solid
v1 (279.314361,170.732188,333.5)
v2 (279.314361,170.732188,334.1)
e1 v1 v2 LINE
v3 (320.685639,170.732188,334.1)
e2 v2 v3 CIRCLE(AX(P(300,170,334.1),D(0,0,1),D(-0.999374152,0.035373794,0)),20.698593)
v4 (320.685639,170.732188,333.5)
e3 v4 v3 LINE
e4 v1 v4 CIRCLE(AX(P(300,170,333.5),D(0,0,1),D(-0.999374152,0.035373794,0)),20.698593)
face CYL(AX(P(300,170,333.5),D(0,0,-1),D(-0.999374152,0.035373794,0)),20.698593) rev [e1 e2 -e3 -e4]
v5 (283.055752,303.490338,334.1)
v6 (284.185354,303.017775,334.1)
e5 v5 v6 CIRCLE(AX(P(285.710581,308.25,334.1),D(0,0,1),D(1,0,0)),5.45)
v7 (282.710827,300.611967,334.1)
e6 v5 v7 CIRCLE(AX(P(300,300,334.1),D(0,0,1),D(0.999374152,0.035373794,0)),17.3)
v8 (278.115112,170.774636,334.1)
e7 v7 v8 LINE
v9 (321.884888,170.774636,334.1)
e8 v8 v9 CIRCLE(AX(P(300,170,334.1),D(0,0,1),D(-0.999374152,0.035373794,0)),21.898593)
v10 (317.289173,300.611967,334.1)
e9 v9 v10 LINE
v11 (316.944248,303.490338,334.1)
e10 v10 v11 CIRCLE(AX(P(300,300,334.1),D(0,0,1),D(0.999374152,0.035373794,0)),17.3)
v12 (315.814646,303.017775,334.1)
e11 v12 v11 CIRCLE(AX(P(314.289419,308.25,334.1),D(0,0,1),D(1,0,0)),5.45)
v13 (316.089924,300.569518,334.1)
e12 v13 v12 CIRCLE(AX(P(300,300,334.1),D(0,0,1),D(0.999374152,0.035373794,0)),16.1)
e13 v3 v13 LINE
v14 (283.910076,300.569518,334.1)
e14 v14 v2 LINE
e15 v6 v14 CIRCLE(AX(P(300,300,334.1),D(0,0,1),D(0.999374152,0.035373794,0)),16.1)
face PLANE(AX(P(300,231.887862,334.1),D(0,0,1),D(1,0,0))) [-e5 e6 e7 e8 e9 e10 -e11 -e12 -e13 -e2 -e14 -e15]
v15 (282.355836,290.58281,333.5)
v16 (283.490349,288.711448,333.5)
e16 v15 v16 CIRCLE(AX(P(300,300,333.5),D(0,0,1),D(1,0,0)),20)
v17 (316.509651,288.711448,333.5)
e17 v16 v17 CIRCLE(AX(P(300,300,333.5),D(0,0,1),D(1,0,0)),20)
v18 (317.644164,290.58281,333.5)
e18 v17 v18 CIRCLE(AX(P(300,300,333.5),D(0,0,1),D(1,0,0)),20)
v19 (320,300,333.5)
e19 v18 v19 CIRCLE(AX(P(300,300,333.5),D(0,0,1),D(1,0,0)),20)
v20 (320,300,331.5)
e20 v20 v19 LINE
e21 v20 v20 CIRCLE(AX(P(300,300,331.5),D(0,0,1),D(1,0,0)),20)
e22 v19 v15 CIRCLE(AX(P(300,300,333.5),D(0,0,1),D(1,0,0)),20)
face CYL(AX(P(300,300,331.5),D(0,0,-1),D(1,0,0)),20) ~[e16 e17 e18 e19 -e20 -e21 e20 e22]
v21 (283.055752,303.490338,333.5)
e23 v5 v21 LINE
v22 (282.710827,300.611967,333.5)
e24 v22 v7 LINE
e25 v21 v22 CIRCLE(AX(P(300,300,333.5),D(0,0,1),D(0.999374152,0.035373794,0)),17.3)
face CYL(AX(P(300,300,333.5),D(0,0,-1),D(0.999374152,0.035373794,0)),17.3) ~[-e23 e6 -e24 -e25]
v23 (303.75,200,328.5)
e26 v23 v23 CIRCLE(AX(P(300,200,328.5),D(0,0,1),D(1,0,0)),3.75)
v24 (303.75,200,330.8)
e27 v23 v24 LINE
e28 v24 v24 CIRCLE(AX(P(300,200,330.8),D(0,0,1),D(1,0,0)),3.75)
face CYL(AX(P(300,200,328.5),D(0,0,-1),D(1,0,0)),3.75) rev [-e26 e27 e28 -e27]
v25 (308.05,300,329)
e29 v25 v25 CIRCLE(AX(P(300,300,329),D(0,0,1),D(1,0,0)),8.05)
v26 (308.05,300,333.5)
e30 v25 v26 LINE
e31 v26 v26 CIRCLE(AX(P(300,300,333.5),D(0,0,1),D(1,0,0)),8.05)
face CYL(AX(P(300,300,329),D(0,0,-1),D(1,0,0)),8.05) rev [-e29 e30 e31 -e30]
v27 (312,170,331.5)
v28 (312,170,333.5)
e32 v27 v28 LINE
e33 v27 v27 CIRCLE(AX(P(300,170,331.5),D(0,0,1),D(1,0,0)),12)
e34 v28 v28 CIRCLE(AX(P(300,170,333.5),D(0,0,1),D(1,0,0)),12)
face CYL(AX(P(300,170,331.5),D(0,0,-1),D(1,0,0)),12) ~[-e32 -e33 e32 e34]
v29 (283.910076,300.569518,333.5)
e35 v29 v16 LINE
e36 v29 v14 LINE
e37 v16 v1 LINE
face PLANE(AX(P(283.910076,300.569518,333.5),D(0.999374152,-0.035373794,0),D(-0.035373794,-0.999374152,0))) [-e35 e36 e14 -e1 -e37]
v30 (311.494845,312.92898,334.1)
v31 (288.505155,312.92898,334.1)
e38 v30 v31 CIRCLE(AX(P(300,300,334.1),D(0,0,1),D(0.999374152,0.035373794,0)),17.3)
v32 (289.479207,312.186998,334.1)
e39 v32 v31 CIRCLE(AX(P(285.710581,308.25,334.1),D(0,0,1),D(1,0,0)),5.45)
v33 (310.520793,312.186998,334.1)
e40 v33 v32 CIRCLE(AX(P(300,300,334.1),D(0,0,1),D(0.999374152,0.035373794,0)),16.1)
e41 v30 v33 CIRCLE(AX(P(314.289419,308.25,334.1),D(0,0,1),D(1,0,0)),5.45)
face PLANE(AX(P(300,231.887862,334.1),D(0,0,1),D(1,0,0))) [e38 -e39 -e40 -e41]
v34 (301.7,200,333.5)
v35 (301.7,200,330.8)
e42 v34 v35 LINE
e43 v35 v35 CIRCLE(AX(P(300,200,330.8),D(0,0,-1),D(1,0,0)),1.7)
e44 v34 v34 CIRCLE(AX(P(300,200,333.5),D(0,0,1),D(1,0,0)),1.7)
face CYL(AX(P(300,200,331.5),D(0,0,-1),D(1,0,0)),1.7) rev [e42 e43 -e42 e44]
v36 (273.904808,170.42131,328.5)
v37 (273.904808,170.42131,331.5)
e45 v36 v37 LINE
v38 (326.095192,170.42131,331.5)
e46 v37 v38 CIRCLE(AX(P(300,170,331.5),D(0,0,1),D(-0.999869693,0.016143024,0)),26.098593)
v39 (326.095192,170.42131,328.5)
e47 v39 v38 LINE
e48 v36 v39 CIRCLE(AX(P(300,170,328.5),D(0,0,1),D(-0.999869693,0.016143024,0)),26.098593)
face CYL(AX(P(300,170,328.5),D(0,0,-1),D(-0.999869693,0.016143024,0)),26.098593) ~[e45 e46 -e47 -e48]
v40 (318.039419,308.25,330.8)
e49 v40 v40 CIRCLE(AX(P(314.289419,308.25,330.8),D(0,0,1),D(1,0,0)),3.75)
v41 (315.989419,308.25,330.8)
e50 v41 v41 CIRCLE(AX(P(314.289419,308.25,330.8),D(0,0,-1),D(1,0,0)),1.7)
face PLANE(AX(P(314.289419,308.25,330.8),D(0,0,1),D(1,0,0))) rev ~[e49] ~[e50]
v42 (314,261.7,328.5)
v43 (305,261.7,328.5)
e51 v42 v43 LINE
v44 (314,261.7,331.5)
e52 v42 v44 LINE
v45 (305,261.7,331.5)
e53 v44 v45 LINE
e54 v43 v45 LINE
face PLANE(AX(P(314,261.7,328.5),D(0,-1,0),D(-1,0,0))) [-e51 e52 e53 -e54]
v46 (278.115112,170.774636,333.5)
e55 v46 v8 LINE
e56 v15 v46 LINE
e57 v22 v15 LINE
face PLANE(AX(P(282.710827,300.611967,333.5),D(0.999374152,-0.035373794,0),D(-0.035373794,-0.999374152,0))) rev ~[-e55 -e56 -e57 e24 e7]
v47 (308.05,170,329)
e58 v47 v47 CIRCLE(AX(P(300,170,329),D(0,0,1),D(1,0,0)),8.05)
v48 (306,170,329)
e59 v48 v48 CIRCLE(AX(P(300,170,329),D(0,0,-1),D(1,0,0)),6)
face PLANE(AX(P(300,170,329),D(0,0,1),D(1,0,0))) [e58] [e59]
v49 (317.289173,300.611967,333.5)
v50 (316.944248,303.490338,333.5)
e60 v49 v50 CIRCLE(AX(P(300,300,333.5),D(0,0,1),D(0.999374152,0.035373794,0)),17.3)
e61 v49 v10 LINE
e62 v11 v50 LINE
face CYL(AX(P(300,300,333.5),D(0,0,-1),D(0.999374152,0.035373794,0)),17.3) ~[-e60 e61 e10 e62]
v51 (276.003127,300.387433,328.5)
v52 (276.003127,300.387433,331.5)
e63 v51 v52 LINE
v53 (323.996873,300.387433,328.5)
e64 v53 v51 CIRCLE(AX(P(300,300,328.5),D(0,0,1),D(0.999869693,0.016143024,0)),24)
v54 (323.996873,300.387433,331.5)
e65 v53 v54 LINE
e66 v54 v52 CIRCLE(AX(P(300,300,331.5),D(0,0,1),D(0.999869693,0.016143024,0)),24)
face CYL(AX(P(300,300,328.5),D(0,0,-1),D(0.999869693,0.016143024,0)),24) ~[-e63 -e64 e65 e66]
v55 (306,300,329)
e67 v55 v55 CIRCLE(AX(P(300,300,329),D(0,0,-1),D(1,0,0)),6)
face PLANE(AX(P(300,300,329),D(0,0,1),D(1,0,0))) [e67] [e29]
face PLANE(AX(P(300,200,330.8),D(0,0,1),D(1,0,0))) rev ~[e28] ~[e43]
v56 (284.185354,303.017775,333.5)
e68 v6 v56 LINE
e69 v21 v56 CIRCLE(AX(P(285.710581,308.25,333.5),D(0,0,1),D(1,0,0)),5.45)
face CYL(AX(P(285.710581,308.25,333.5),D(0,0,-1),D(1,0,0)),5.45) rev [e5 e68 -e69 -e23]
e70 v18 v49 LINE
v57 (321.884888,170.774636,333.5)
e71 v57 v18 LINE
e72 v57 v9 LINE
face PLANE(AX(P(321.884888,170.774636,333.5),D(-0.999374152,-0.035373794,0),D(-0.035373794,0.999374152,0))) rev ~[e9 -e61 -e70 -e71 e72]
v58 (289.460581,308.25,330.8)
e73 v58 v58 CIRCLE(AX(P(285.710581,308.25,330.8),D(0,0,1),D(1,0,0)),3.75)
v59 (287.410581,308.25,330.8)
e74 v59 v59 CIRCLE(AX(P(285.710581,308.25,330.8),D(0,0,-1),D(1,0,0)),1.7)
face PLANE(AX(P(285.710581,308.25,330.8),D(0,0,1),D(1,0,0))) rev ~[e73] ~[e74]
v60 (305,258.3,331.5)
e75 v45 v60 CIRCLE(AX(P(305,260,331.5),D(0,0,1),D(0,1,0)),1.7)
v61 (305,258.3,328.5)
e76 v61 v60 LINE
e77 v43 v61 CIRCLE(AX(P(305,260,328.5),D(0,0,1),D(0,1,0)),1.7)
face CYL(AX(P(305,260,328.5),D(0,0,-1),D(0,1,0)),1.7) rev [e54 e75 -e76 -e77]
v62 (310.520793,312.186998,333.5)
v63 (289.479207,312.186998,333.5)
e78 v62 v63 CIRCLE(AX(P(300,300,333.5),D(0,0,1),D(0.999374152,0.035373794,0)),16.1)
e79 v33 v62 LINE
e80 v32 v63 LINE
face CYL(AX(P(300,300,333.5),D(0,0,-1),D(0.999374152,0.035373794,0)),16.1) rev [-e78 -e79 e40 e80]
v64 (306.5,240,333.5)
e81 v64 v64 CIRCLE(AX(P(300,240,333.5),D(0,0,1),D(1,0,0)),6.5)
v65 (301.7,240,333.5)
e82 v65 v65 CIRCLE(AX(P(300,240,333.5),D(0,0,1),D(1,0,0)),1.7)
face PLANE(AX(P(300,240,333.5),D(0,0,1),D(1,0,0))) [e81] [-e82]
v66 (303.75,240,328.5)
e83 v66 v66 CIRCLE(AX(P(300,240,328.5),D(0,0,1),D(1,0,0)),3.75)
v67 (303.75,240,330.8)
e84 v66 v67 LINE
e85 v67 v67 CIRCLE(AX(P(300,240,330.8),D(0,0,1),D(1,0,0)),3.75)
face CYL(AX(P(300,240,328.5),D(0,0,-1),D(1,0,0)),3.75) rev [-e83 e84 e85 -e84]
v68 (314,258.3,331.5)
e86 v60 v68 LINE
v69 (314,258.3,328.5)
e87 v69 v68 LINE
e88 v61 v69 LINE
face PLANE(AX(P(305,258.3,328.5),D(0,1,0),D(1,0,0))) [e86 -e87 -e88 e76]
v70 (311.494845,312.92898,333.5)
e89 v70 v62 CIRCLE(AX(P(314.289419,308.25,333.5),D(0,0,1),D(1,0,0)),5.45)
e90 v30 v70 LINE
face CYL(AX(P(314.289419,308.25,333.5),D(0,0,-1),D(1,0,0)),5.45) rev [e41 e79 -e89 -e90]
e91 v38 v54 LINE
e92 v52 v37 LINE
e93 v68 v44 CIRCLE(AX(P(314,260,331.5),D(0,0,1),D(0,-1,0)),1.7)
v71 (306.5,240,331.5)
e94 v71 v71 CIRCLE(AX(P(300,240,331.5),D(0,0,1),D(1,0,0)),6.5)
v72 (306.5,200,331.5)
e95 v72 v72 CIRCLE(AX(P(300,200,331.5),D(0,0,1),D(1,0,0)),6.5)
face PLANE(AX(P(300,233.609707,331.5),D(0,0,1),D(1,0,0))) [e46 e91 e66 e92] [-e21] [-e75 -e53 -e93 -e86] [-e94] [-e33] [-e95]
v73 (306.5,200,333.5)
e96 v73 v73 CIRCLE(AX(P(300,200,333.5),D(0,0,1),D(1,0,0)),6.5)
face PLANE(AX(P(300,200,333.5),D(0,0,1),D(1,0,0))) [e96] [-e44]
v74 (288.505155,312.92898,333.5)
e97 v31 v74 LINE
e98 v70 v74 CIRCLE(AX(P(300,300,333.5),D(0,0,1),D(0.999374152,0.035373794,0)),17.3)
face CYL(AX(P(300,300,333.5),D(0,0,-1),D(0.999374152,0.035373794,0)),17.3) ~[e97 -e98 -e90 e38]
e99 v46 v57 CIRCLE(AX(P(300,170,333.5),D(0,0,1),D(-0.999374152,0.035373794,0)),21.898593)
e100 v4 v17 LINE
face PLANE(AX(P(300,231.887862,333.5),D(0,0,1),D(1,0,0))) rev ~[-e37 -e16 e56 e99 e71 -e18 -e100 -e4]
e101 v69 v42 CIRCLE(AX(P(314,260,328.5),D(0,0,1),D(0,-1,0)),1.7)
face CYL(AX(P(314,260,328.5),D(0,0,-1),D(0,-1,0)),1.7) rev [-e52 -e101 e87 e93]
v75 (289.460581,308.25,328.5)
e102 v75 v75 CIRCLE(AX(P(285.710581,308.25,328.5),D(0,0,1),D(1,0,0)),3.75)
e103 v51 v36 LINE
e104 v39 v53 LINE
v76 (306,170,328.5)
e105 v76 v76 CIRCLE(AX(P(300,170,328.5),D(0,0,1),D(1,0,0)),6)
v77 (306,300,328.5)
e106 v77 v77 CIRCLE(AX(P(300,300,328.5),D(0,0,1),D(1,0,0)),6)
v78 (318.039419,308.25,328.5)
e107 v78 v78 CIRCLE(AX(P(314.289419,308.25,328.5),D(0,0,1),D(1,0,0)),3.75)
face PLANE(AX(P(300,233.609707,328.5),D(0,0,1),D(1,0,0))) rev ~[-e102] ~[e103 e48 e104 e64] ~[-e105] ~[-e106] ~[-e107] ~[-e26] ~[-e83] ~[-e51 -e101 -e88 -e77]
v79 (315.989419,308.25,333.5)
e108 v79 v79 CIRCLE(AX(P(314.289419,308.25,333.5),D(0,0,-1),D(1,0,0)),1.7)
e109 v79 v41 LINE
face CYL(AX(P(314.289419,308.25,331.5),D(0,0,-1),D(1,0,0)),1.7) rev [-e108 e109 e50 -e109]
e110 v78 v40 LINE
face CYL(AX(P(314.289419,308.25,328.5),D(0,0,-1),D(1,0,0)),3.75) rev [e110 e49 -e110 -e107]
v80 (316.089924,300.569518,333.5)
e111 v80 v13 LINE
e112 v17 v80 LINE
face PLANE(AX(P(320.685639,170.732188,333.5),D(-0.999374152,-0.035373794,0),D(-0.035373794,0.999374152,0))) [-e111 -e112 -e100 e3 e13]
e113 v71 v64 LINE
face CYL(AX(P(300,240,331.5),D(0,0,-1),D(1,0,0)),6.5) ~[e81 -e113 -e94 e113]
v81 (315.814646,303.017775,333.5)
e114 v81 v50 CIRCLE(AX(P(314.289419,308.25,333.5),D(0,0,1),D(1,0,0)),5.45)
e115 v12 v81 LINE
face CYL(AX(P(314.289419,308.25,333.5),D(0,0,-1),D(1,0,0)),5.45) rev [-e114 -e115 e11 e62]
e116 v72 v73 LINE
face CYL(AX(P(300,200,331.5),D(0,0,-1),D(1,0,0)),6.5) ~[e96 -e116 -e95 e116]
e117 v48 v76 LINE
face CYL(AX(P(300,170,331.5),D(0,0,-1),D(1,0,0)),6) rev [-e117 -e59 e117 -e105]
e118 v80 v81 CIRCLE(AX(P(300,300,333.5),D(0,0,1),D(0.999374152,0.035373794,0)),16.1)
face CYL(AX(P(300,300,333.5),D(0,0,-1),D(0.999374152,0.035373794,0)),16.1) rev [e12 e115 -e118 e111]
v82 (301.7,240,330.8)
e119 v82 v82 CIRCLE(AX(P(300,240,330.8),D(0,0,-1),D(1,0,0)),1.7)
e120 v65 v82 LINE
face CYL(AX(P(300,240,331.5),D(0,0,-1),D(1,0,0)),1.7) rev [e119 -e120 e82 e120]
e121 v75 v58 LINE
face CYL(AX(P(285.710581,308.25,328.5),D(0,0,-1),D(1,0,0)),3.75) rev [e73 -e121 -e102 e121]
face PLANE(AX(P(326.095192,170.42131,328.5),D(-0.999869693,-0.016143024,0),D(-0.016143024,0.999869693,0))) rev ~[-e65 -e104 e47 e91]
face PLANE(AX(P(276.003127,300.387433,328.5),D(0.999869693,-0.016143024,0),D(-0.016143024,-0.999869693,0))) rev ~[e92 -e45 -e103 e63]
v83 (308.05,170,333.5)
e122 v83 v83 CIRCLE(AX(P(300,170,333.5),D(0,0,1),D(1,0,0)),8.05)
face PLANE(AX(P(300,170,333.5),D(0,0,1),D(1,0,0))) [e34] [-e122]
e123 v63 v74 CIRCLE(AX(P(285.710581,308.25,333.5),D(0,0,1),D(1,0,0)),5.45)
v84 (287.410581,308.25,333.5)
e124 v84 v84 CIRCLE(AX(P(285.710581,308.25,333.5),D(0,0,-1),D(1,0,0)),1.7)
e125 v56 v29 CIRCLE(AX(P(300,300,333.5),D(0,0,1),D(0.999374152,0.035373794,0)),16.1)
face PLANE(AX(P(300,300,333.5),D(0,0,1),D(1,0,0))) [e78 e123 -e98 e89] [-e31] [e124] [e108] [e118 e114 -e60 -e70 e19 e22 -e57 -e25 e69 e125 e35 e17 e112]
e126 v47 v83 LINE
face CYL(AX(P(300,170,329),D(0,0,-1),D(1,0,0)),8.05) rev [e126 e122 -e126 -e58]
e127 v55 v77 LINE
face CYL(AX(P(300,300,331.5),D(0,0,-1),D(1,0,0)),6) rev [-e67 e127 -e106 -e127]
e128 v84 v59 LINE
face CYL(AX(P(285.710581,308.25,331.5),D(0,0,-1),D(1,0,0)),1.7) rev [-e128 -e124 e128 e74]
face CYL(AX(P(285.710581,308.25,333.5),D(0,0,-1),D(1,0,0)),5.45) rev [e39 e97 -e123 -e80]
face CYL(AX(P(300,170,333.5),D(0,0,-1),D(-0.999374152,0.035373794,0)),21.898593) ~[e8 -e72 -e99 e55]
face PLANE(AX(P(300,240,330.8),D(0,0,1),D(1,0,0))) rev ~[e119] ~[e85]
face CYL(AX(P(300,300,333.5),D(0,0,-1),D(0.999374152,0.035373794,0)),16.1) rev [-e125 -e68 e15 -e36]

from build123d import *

# Parameters (mm, degrees)
SKETCH1_R           = 6
SKETCH1_R_2         = 1.7
BOSS_EXTRUDE1_DEPTH = 3
SKETCH2_R           = 20
SKETCH2_R_2         = 6
SKETCH2_R_3         = 1.7
BOSS_EXTRUDE2_DEPTH = 2
SKETCH3_R           = 12
SKETCH3_R_2         = 6
BOSS_EXTRUDE3_DEPTH = 2
SKETCH4_R           = 6.5
SKETCH4_R_2         = 1.7
BOSS_EXTRUDE4_DEPTH = 2
SKETCH5_R           = 6.5
SKETCH5_R_2         = 1.7
BOSS_EXTRUDE5_DEPTH = 2
BOSS_EXTRUDE6_DEPTH = 0.6
SKETCH7_R           = 5.45
CUT_EXTRUDE1_DEPTH  = 0.6
SKETCH8_R           = 8.05
CUT_EXTRUDE2_DEPTH  = 4.5
SKETCH9_R           = 3.75
CUT_EXTRUDE3_DEPTH  = 2.3


with BuildPart() as part:
    # Sketch1 → Boss-Extrude1 (new body)
    with BuildSketch(Plane.XY.offset(328.5)):
        with BuildLine():
            Line((276.003127371, 300.387432585), (273.904807661, 170.421310226))
            ThreePointArc((273.904807661, 170.421310226), (300, 143.901406829), (326.095192339, 170.421310226))
            Line((326.095192339, 170.421310226), (323.996872629, 300.387432585))
            ThreePointArc((323.996872629, 300.387432585), (300, 324), (276.003127371, 300.387432585))
        make_face()
        with Locations((300, 300)):
            Circle(SKETCH1_R, mode=Mode.SUBTRACT)
        with Locations((300, 170)):
            Circle(SKETCH1_R, mode=Mode.SUBTRACT)
        with Locations((314.289419162, 308.25)):
            Circle(SKETCH1_R_2, mode=Mode.SUBTRACT)
        with Locations((285.710580838, 308.25)):
            Circle(SKETCH1_R_2, mode=Mode.SUBTRACT)
        with Locations((300, 240)):
            Circle(SKETCH1_R_2, mode=Mode.SUBTRACT)
        with Locations((300, 200)):
            Circle(SKETCH1_R_2, mode=Mode.SUBTRACT)
        with BuildLine():
            Line((305, 258.3), (314, 258.3))
            ThreePointArc((314, 258.3), (315.7, 260), (314, 261.7))
            Line((314, 261.7), (305, 261.7))
            ThreePointArc((305, 261.7), (303.3, 260), (305, 258.3))
        make_face(mode=Mode.SUBTRACT)
    extrude(amount=BOSS_EXTRUDE1_DEPTH)

    # Sketch2 → Boss-Extrude2 (add)
    with BuildSketch(Plane.XY.offset(331.5)):
        with Locations((300, 300)):
            Circle(SKETCH2_R)
        with Locations((300, 300)):
            Circle(SKETCH2_R_2, mode=Mode.SUBTRACT)
        with Locations((314.289419162, 308.25)):
            Circle(SKETCH2_R_3, mode=Mode.SUBTRACT)
        with Locations((285.710580838, 308.25)):
            Circle(SKETCH2_R_3, mode=Mode.SUBTRACT)
    extrude(amount=BOSS_EXTRUDE2_DEPTH)

    # Sketch3 → Boss-Extrude3 (add)
    with BuildSketch(Plane.XY.offset(331.5)):
        with Locations((300, 170)):
            Circle(SKETCH3_R)
        with Locations((300, 170)):
            Circle(SKETCH3_R_2, mode=Mode.SUBTRACT)
    extrude(amount=BOSS_EXTRUDE3_DEPTH)

    # Sketch4 → Boss-Extrude4 (add)
    with BuildSketch(Plane.XY.offset(331.5)):
        with Locations((300, 240)):
            Circle(SKETCH4_R)
        with Locations((300, 240)):
            Circle(SKETCH4_R_2, mode=Mode.SUBTRACT)
    extrude(amount=BOSS_EXTRUDE4_DEPTH)

    # Sketch5 → Boss-Extrude5 (add)
    with BuildSketch(Plane.XY.offset(331.5)):
        with Locations((300, 200)):
            Circle(SKETCH5_R)
        with Locations((300, 200)):
            Circle(SKETCH5_R_2, mode=Mode.SUBTRACT)
    extrude(amount=BOSS_EXTRUDE5_DEPTH)

    # Sketch6 → Boss-Extrude6 (add)
    with BuildSketch(Plane.XY.offset(333.5)):
        with BuildLine():
            Line((282.710827179, 300.61196663), (278.11511203, 170.774636315))
            ThreePointArc((278.11511203, 170.774636315), (300, 148.101406829), (321.88488797, 170.774636315))
            Line((321.88488797, 170.774636315), (317.289172821, 300.61196663))
            ThreePointArc((317.289172821, 300.61196663), (300, 317.3), (282.710827179, 300.61196663))
        make_face()
        with BuildLine():
            Line((283.910076161, 300.569518077), (279.314361012, 170.732187763))
            ThreePointArc((279.314361012, 170.732187763), (300, 149.301406829), (320.685638988, 170.732187763))
            Line((320.685638988, 170.732187763), (316.089923839, 300.569518077))
            ThreePointArc((316.089923839, 300.569518077), (300, 316.1), (283.910076161, 300.569518077))
        make_face(mode=Mode.SUBTRACT)
    extrude(amount=BOSS_EXTRUDE6_DEPTH)

    # Sketch7 → Cut-Extrude1 (cut)
    with BuildSketch(Plane.XY.offset(333.5)):
        with Locations((314.289419162, 308.25)):
            Circle(SKETCH7_R)
        with Locations((285.710580838, 308.25)):
            Circle(SKETCH7_R)
    extrude(amount=CUT_EXTRUDE1_DEPTH, mode=Mode.SUBTRACT)

    # Sketch8 → Cut-Extrude2 (cut)
    with BuildSketch(Plane.XY.offset(329)):
        with Locations((300, 300)):
            Circle(SKETCH8_R)
        with Locations((300, 170)):
            Circle(SKETCH8_R)
    extrude(amount=CUT_EXTRUDE2_DEPTH, mode=Mode.SUBTRACT)

    # Sketch9 → Cut-Extrude3 (cut)
    with BuildSketch(Plane.XY.offset(328.5)):
        with Locations((314.289419162, 308.25)):
            Circle(SKETCH9_R)
        with Locations((285.710580838, 308.25)):
            Circle(SKETCH9_R)
        with Locations((300, 240)):
            Circle(SKETCH9_R)
        with Locations((300, 200)):
            Circle(SKETCH9_R)
    extrude(amount=CUT_EXTRUDE3_DEPTH, mode=Mode.SUBTRACT)


solid = part.part
